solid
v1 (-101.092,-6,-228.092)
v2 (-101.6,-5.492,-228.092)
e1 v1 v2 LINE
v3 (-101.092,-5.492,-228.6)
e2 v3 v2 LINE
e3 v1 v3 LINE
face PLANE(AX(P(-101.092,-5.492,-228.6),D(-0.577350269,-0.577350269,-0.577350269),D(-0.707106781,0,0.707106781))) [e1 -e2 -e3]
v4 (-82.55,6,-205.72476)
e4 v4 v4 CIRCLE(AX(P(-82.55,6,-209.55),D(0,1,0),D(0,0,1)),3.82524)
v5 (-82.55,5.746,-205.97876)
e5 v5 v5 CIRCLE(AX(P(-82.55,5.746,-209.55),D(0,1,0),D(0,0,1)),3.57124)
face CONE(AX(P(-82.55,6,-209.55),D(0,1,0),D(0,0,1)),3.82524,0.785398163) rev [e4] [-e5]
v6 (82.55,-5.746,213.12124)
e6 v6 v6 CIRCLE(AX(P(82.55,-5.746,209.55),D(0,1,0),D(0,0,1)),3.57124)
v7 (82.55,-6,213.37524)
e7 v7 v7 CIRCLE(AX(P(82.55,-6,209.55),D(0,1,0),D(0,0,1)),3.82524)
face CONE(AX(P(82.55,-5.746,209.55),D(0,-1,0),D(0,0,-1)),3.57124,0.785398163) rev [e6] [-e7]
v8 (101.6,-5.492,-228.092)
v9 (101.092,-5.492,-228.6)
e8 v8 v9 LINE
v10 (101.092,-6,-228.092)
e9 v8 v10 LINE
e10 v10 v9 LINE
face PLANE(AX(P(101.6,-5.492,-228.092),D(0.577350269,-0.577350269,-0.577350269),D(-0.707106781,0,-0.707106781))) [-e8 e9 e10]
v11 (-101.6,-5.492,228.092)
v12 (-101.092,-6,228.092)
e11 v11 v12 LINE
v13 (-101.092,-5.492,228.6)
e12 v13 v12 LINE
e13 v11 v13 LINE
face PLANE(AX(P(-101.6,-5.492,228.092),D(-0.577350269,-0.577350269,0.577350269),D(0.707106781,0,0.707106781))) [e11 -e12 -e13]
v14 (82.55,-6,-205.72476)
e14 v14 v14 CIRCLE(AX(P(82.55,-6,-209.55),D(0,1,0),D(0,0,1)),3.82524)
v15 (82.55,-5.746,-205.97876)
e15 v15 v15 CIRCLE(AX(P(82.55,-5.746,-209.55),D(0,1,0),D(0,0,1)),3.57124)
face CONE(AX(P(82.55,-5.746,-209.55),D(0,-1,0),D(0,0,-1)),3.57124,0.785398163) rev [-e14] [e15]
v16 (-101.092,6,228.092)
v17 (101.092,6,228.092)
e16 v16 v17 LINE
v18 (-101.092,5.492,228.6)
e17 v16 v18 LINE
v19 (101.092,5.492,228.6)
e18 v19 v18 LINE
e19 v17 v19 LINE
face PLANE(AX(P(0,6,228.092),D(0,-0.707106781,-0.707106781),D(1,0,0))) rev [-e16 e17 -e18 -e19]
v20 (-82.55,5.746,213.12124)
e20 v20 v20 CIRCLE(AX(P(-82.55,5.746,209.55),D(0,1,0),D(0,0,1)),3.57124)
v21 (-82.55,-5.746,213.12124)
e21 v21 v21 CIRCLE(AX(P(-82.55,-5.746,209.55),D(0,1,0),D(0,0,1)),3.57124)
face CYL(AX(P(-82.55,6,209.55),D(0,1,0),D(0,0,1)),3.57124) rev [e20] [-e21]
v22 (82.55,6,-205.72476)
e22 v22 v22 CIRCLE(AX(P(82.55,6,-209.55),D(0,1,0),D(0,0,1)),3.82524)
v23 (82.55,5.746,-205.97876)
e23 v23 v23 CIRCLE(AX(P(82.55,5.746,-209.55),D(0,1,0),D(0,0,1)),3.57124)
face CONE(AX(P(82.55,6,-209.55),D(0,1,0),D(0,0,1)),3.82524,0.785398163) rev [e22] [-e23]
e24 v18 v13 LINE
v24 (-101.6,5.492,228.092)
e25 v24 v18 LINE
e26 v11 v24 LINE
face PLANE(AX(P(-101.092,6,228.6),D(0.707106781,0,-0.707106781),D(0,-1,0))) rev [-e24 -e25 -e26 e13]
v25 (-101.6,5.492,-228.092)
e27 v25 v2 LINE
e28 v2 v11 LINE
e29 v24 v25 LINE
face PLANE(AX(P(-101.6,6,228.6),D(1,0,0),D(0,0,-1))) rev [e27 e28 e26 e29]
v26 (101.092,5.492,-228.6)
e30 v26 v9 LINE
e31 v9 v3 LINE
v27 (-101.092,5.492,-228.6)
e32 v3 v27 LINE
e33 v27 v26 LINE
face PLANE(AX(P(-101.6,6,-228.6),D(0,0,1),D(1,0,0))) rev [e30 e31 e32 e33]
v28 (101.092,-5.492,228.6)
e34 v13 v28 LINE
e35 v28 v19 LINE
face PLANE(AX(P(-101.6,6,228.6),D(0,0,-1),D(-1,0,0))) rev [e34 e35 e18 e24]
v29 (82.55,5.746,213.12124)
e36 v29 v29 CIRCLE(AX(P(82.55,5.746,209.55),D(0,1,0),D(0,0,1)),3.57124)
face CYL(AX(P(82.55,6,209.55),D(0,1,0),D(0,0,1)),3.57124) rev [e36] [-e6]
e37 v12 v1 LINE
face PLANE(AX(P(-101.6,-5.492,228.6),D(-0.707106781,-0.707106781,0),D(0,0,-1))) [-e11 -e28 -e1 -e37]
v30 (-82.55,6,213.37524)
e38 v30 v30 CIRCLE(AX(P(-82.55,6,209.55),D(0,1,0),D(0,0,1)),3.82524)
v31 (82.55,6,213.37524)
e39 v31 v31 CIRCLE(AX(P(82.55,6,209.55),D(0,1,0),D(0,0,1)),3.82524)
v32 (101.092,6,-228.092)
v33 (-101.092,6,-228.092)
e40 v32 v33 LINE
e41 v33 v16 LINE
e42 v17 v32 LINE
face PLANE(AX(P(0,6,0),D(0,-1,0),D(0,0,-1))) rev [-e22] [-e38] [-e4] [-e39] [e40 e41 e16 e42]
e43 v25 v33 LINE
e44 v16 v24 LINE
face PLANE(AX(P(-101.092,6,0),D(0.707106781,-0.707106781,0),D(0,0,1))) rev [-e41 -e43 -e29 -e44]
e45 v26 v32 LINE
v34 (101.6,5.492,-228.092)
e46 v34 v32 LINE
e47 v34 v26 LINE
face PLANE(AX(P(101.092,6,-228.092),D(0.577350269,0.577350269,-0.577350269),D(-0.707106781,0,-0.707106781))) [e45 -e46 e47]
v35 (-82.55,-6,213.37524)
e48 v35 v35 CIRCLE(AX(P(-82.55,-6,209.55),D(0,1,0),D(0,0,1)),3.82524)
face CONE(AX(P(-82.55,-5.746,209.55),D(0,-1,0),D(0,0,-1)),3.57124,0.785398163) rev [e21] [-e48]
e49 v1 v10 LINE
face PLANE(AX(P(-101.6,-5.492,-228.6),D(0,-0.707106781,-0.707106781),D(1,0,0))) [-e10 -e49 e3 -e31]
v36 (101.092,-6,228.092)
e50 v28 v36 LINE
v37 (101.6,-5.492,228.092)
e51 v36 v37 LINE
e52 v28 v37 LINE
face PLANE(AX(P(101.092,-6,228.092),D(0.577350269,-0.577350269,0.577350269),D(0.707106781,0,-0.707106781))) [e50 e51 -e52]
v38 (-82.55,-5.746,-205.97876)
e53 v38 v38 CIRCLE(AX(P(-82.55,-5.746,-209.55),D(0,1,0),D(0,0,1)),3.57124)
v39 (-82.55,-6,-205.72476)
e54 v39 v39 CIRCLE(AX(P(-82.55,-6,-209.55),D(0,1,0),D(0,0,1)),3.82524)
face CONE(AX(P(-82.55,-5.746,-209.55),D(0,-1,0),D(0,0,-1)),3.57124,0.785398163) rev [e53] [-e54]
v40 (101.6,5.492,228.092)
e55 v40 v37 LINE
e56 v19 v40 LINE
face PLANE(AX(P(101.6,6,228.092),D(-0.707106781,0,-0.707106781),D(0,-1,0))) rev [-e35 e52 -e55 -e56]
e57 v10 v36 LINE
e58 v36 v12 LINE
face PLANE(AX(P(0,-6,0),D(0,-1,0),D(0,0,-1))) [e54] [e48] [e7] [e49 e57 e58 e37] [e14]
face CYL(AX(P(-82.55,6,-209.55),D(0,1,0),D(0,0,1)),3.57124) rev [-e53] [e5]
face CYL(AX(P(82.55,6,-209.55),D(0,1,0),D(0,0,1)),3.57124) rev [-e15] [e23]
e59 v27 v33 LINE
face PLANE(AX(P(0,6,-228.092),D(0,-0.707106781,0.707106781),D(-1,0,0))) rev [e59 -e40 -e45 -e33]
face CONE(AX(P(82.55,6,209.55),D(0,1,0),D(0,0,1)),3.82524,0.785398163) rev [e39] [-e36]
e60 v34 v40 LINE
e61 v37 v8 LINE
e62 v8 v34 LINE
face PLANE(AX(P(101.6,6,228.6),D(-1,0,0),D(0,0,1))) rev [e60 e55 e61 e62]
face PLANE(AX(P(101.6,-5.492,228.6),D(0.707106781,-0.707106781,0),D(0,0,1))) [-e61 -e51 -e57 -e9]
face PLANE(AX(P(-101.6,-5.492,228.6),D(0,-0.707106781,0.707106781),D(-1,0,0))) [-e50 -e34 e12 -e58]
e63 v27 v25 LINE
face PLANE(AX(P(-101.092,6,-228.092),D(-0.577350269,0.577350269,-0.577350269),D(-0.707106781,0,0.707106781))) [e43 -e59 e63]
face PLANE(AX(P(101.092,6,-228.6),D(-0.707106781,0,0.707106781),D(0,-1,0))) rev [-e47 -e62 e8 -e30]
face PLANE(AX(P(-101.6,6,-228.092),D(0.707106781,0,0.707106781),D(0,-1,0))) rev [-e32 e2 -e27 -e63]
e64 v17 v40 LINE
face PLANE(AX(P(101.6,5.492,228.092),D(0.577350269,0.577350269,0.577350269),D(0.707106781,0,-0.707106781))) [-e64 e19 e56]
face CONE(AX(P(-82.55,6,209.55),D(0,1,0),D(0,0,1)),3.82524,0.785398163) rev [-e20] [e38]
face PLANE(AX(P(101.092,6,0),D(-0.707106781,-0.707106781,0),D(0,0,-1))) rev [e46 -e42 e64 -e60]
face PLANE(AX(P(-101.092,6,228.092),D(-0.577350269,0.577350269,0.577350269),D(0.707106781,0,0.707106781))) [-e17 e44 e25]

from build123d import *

# Parameters (mm, degrees)
SKETCH1_W                        = 203.2
SKETCH1_H                        = 457.2
BOSS_EXTRUDE1_DEPTH              = 6
F_1_4_CLEARANCE_HOLE1_AT_2_COUNT = 2
F_1_4_CLEARANCE_HOLE1_AT_2_PITCH = 165.1
F_1_4_CLEARANCE_HOLE1_AT_3_COUNT = 2
F_1_4_CLEARANCE_HOLE1_AT_3_PITCH = 450.447355415
F_1_4_CLEARANCE_HOLE1_AT_4_COUNT = 2
F_1_4_CLEARANCE_HOLE1_AT_4_PITCH = 419.1
CHAMFER1_SIZE                    = 0.508


with BuildPart() as part:
    # Sketch1 → Boss-Extrude1 (new, symmetric)
    with BuildSketch(Plane(origin=(0, 0, 0), x_dir=(1, 0, 0), z_dir=(0, 1, 0))):
        Rectangle(SKETCH1_W, SKETCH1_H)
    extrude(amount=BOSS_EXTRUDE1_DEPTH, both=True)

    # Sketch4 → 1/4 Clearance Hole1 (revolve, cut)
    with BuildSketch(Plane(origin=(-82.55, 6, -209.55), x_dir=(0, 0, 1), z_dir=(1, 0, 0))):
        Polygon((0, 0), (0, 12), (3.82524, 12), (3.57124, 11.746), (3.57124, 0.254), (3.82524, 0), align=None)
    f_1_4_clearance_hole1 = revolve(axis=Axis((-82.55, 12.35, -209.55), (0, -1, 0)), mode=Mode.SUBTRACT)

    # 1/4 Clearance Hole1 at 2: 1/4 Clearance Hole1 ×2
    with Locations(*[(i * F_1_4_CLEARANCE_HOLE1_AT_2_PITCH, 0, 0) for i in range(1, F_1_4_CLEARANCE_HOLE1_AT_2_COUNT)]):
        add(f_1_4_clearance_hole1, mode=Mode.SUBTRACT)

    # 1/4 Clearance Hole1 at 3: 1/4 Clearance Hole1 ×2
    with Locations(*[Vector(0.36652451838249067, 0, 0.9304083928170915) * (i * F_1_4_CLEARANCE_HOLE1_AT_3_PITCH) for i in range(1, F_1_4_CLEARANCE_HOLE1_AT_3_COUNT)]):
        add(f_1_4_clearance_hole1, mode=Mode.SUBTRACT)

    # 1/4 Clearance Hole1 at 4: 1/4 Clearance Hole1 ×2
    with Locations(*[(0, 0, i * F_1_4_CLEARANCE_HOLE1_AT_4_PITCH) for i in range(1, F_1_4_CLEARANCE_HOLE1_AT_4_COUNT)]):
        add(f_1_4_clearance_hole1, mode=Mode.SUBTRACT)

    # Chamfer1
    chamfer1_edges = [part.edges().sort_by_distance(p)[0] for p in [
        (101.6, 6, 0),
        (101.6, -6, 0),
        (101.6, 0, -228.6),
        (0, 6, -228.6),
        (0, -6, -228.6),
        (-101.6, 0, -228.6),
        (-101.6, 6, 0),
        (-101.6, -6, 0),
        (-101.6, 0, 228.6),
        (0, 6, 228.6),
        (101.6, 0, 228.6),
        (0, -6, 228.6),
    ]]
    chamfer(chamfer1_edges, length=CHAMFER1_SIZE)


solid = part.part
